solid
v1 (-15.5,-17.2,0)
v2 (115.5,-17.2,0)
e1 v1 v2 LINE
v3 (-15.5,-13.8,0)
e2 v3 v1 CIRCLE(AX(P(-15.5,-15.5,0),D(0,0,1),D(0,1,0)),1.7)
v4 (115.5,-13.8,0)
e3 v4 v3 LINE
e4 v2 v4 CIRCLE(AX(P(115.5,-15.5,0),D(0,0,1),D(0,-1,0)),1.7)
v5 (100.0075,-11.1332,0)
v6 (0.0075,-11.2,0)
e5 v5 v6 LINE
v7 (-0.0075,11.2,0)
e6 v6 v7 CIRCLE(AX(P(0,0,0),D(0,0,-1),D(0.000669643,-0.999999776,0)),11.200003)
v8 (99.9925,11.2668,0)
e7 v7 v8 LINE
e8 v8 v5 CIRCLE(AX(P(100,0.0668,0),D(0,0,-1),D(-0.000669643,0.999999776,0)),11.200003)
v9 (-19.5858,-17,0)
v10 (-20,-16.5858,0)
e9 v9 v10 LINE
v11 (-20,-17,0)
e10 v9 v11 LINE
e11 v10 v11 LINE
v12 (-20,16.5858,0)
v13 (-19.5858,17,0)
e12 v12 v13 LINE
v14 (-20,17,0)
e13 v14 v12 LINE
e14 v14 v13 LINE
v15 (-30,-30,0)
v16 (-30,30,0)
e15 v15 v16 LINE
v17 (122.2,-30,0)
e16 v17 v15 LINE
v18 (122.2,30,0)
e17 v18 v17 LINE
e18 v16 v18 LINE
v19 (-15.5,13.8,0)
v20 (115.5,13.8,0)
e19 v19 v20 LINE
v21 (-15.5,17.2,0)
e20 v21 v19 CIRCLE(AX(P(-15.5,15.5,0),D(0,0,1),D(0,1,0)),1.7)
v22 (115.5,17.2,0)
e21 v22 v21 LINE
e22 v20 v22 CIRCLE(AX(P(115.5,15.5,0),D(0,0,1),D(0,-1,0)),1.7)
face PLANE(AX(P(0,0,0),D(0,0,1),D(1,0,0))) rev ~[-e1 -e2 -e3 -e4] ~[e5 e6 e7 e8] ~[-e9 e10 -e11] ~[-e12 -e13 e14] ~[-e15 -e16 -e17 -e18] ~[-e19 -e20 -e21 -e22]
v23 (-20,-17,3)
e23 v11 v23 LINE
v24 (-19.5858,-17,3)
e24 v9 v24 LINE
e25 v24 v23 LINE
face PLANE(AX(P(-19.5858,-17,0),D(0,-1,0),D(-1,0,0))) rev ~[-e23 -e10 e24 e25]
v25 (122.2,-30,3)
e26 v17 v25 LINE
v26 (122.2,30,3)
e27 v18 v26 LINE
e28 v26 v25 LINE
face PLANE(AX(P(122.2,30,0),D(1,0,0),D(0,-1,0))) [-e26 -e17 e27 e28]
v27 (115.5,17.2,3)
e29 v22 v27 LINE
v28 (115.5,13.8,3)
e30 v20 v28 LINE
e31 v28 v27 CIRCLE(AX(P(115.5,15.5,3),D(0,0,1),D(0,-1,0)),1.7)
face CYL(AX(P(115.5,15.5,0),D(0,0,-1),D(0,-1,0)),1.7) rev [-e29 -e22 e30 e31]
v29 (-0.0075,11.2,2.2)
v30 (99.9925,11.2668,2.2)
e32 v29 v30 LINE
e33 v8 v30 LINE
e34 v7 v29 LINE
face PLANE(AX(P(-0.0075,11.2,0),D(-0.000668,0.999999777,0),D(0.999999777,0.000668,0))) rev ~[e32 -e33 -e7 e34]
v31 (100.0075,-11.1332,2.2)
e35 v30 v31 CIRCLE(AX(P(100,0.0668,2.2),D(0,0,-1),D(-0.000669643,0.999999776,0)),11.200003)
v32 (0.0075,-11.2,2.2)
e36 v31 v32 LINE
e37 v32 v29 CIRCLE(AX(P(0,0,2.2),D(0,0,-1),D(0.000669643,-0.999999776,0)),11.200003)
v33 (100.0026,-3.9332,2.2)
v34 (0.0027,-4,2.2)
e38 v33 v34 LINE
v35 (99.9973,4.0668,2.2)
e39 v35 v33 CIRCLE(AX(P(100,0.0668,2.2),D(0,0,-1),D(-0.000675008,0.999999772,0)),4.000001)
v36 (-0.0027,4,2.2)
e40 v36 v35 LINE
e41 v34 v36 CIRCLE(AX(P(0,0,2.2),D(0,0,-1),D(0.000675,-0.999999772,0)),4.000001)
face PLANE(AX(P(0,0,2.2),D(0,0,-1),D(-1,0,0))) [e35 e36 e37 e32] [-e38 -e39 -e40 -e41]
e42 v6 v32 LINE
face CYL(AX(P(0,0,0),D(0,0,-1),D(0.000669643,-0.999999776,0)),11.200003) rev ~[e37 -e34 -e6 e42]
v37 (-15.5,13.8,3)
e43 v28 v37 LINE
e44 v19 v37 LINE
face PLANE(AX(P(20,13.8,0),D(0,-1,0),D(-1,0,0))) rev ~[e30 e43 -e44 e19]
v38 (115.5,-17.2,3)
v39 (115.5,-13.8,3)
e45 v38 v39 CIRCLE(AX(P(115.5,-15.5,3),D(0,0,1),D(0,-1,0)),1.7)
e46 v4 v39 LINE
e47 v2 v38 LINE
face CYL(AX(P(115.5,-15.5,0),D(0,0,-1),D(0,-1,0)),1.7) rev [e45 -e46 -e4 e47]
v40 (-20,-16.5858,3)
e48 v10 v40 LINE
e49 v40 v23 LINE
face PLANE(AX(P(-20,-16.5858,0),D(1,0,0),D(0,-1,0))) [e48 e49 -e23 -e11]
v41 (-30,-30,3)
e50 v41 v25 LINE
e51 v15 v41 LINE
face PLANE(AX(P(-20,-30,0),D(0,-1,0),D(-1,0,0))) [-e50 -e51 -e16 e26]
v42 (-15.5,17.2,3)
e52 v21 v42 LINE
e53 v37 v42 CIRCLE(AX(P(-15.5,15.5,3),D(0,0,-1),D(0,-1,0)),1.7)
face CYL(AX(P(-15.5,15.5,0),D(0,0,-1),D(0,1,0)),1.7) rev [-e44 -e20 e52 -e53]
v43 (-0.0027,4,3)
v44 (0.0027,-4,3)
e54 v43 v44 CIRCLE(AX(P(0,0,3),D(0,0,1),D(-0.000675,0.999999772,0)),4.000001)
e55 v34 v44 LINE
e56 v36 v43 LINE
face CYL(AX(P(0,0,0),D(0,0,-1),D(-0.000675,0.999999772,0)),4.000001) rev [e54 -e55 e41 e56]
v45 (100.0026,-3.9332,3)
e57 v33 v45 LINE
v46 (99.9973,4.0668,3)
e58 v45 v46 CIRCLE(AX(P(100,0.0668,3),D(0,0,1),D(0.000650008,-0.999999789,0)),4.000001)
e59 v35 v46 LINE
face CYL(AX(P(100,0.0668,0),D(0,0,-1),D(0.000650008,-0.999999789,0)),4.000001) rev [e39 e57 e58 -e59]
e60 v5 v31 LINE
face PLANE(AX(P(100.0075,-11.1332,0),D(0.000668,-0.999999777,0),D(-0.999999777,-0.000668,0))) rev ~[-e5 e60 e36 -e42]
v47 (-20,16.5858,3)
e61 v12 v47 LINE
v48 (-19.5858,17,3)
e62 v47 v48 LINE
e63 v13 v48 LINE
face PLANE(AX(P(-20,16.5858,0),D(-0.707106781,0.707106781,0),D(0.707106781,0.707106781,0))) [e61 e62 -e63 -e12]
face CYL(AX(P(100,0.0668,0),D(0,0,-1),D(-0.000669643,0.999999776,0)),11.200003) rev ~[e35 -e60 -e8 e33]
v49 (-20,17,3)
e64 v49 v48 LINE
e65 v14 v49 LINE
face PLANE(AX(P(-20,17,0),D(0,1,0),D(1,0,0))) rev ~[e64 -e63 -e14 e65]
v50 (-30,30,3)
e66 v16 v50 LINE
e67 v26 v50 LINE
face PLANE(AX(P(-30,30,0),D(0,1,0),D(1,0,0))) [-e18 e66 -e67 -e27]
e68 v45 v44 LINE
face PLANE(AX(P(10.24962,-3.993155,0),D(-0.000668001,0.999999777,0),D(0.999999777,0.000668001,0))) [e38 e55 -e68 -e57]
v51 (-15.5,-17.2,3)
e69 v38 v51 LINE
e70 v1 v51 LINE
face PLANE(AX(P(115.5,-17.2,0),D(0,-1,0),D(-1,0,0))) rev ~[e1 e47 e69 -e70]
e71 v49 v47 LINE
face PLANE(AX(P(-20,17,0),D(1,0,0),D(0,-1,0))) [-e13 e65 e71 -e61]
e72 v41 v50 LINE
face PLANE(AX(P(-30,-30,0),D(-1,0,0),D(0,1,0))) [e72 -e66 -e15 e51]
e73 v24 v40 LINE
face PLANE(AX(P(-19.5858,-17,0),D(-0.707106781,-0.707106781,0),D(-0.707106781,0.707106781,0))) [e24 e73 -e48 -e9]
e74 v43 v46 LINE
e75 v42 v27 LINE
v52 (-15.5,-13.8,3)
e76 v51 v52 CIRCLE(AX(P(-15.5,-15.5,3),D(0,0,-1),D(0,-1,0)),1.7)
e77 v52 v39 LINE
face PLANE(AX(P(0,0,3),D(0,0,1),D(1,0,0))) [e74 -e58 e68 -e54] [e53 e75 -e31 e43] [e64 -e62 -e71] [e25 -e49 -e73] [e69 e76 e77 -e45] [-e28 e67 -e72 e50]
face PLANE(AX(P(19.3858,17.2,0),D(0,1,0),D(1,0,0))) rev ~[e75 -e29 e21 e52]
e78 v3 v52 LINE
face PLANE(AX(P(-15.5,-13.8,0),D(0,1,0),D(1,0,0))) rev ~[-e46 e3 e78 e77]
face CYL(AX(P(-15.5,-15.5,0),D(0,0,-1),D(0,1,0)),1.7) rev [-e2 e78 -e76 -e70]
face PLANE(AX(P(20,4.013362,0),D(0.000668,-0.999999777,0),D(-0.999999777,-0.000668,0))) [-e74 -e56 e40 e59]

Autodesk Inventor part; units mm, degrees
ref_plane "YZ Plane" through (0, 0, 0) normal (1, 0, 0) x (0, 1, 0)
ref_plane "XZ Plane" through (0, 0, 0) normal (0, 1, 0) x (-1, 0, 0)
ref_plane "XY Plane" through (0, 0, 0) normal (0, 0, 1) x (1, 0, 0)
sketch "Sketch1" plane through (0, 0, 0) normal (0, 0, 1) x (1, 0, 0)
  line L0 (-20, 16.5858) -> (-16.5858, 20) projected
  line L1 (-20, -16.5858) -> (-20, 16.5858) projected
  line L2 (-16.5858, -20) -> (-20, -16.5858) projected
  line L3 (16.5858, -20) -> (-16.5858, -20) projected
  line L4 (20, -16.5858) -> (16.5858, -20) projected
  line L5 (20, 16.5858) -> (20, -16.5858) projected
  line L6 (16.5858, 20) -> (20, 16.5858) projected
  line L7 (-16.5858, 20) -> (16.5858, 20) projected
  circle A0 centre (15.5, -15.5) radius 1.5 projected
  circle A1 centre (-15.5, 15.5) radius 1.5 projected
  circle A2 centre (-15.5, -15.5) radius 1.5 projected
  circle A3 centre (15.5, 15.5) radius 1.5 projected
  circle A4 centre (0, 0) radius 11 projected
  line L8 (-20, 0) -> (-30, 0) construction
  line L9 (-20, 0) -> (-20, -30)
  line L10 (-20, -30) -> (-30, -30)
  line L11 (-30, -30) -> (-30, 30)
  line L12 (-30, 30) -> (-20, 30)
  line L13 (-20, 30) -> (-20, -30)
  line L14 (-15.5, -17) -> (-20, -17)
  line L15 (-20, 17) -> (-15.5, 17)
  line L16 (0, 0) -> (100, 0.0668) construction
  circle A5 centre (0, 0) radius 3.8 construction
  circle A6 centre (0, 0) radius 4 construction
  line L17 (0, 0) -> (100, 0.0668) construction
  line L18 (0.0027, -4) -> (100.0026, -3.9332)
  line L19 (99.9973, 4.0668) -> (-0.0027, 4)
  arc A7 (-0.0027, 4) -> (0.0027, -4) centre (0, 0) ccw
  arc A8 (100.0026, -3.9332) -> (99.9973, 4.0668) centre (100, 0.0668) ccw
  line L20 (15.5, -15.5) -> (0, -15.5) construction
  line L21 (15.5, -15.5) -> (115.5, -15.5) construction
  line L22 (15.5, 15.5) -> (115.5, 15.5) construction
  line L23 (115.5, 15.5) -> (115.5, -15.5) construction
  circle A9 centre (-15.5, -15.5) radius 1.7 construction
  circle A10 centre (-15.5, 15.5) radius 1.7 construction
  line L24 (-15.5, 15.5) -> (115.5, 15.5) construction
  line L25 (-15.5, 17.2) -> (115.5, 17.2)
  line L26 (115.5, 13.8) -> (-15.5, 13.8)
  arc A11 (-15.5, 17.2) -> (-15.5, 13.8) centre (-15.5, 15.5) ccw
  arc A12 (115.5, 13.8) -> (115.5, 17.2) centre (115.5, 15.5) ccw
  line L27 (-15.5, -15.5) -> (115.5, -15.5) construction
  line L28 (-15.5, -13.8) -> (115.5, -13.8)
  line L29 (115.5, -17.2) -> (-15.5, -17.2)
  arc A13 (-15.5, -13.8) -> (-15.5, -17.2) centre (-15.5, -15.5) ccw
  arc A14 (115.5, -17.2) -> (115.5, -13.8) centre (115.5, -15.5) ccw
  line L30 (117.2, 15.5) -> (122.2, 15.5) construction
  line L31 (-20, 30) -> (122.2, 30)
  line L32 (122.2, 30) -> (122.2, -30)
  line L33 (122.2, -30) -> (-20, -30)
  point P0 (50, 0.0334)
  point P1 (50, 15.5)
  point P2 (50, -15.5)
  point P3 (-19.5858, 17)
  point P4 (19.3858, 17.2)
  point P5 (20, 13.8)
  point P6 (20, 4.0134)
  point P7 (20, -3.9866)
  point P8 (20, -13.8)
  point P9 (19.3858, -17.2)
  point P10 (-19.5858, -17)
  point P11 (-16.3, 17)
  dimension "d0" = 10
  dimension "d1" = 30
  dimension "d2" = 10
  dimension "d3" = 60
  dimension "d6" = 100
  dimension "d7" = 0.2
  dimension "d8" = 100
  dimension "d9" = 0.2
  dimension "d10" = 0.2
  dimension "d11" = 5
extrude "Extrusion1" add sketch "Sketch1" along normal blind 3 contours L0 L15 A11 L26 L5 L19 A4 L18 L28 A13 L14 L2 L1 | L1 L9 L10 L11 L12 L13 | L15 L13 L31 L32 L33 L9 L14 L2 L3 L4 L29 A14 L28 L5 L18 A8 L19 L26 A12 L25 L6 L7 L0 | L0 L7 L6 L25 A11 L15 | L14 A13 L29 L4 L3 L2 | L19 A7 L18 A4 picked at (6.4115, 4.7804)
sketch "Sketch2" plane through (-30, -30, 0) normal (-1, 0, 0) x (0, 0, 1)
  point P0 (0, 30)
sketch "Sketch3" plane through (-30, -30, 0) normal (-1, 0, 0) x (0, 0, 1)
  line L0 (0, 60) -> (0, 0) projected
  line L1 (0, 0) -> (3, 0) projected
  line L2 (3, 60) -> (3, 0) projected
  line L3 (0, 60) -> (3, 60) projected
  line L4 (8, -5) -> (-5, -5)
  line L5 (-5, -5) -> (-5, 65)
  line L6 (-5, 65) -> (8, 65)
  line L7 (8, 65) -> (8, -5)
  line L8 (0, 47.2) -> (0, 43.8) projected
  line L9 (-2.7217, 45.5) -> (3, 45.5)
  circle A0 centre (0.1391, 45.5) radius 1.5
  point P0 (0, 30)
  point P1 (-1.5323, 14.5)
  dimension "d15" = 5
  dimension "d16" = 3
sketch "Sketch4" plane through (0, 0, 0) normal (0, 0, -1) x (-1, 0, 0)
  line L0 (30, 30) -> (30, -30) projected
  line L1 (-122.2, 30) -> (30, 30) projected
  line L2 (-122.2, -30) -> (-122.2, 30) projected
  line L3 (30, -30) -> (-122.2, -30) projected
  line L4 (20, -16.5858) -> (19.5858, -17) projected
  line L5 (20, -17) -> (20, -16.5858) projected
  line L6 (19.5858, -17) -> (20, -17) projected
  arc A0 (15.5, 13.8) -> (15.5, 17.2) centre (15.5, 15.5) ccw projected
  line L7 (-115.5, 13.8) -> (15.5, 13.8) projected
  arc A1 (-115.5, 17.2) -> (-115.5, 13.8) centre (-115.5, 15.5) ccw projected
  line L8 (15.5, 17.2) -> (-115.5, 17.2) projected
  line L9 (-100.0026, -3.9332) -> (-0.0027, -4) projected
  arc A2 (-99.9973, 4.0668) -> (-100.0026, -3.9332) centre (-100, 0.0668) ccw projected
  line L10 (0.0027, 4) -> (-99.9973, 4.0668) projected
  arc A3 (-0.0027, -4) -> (0.0027, 4) centre (0, 0) ccw projected
  line L11 (15.5, -13.8) -> (-115.5, -13.8) projected
  arc A4 (15.5, -17.2) -> (15.5, -13.8) centre (15.5, -15.5) ccw projected
  line L12 (-115.5, -17.2) -> (15.5, -17.2) projected
  arc A5 (-115.5, -13.8) -> (-115.5, -17.2) centre (-115.5, -15.5) ccw projected
  line L13 (19.5858, 17) -> (20, 16.5858) projected
  line L14 (20, 17) -> (19.5858, 17) projected
  line L15 (20, 16.5858) -> (20, 17) projected
  line L16 (0, 0) -> (-100, 0.0668) construction
  line L17 (0.0075, 11.2) -> (-99.9925, 11.2668)
  line L18 (-100.0075, -11.1332) -> (-0.0075, -11.2)
  arc A6 (-0.0075, -11.2) -> (0.0075, 11.2) centre (0, 0) ccw
  arc A7 (-99.9925, 11.2668) -> (-100.0075, -11.1332) centre (-100, 0.0668) ccw
  point P0 (0, 0)
  point P1 (-50, 0.0334)
  dimension "d17" = 22.4
extrude "Extrusion2" cut sketch "Sketch4" against normal blind 2.2 contours A6 L18 A7 L17
properties part number "CombineTestHorizontal"
